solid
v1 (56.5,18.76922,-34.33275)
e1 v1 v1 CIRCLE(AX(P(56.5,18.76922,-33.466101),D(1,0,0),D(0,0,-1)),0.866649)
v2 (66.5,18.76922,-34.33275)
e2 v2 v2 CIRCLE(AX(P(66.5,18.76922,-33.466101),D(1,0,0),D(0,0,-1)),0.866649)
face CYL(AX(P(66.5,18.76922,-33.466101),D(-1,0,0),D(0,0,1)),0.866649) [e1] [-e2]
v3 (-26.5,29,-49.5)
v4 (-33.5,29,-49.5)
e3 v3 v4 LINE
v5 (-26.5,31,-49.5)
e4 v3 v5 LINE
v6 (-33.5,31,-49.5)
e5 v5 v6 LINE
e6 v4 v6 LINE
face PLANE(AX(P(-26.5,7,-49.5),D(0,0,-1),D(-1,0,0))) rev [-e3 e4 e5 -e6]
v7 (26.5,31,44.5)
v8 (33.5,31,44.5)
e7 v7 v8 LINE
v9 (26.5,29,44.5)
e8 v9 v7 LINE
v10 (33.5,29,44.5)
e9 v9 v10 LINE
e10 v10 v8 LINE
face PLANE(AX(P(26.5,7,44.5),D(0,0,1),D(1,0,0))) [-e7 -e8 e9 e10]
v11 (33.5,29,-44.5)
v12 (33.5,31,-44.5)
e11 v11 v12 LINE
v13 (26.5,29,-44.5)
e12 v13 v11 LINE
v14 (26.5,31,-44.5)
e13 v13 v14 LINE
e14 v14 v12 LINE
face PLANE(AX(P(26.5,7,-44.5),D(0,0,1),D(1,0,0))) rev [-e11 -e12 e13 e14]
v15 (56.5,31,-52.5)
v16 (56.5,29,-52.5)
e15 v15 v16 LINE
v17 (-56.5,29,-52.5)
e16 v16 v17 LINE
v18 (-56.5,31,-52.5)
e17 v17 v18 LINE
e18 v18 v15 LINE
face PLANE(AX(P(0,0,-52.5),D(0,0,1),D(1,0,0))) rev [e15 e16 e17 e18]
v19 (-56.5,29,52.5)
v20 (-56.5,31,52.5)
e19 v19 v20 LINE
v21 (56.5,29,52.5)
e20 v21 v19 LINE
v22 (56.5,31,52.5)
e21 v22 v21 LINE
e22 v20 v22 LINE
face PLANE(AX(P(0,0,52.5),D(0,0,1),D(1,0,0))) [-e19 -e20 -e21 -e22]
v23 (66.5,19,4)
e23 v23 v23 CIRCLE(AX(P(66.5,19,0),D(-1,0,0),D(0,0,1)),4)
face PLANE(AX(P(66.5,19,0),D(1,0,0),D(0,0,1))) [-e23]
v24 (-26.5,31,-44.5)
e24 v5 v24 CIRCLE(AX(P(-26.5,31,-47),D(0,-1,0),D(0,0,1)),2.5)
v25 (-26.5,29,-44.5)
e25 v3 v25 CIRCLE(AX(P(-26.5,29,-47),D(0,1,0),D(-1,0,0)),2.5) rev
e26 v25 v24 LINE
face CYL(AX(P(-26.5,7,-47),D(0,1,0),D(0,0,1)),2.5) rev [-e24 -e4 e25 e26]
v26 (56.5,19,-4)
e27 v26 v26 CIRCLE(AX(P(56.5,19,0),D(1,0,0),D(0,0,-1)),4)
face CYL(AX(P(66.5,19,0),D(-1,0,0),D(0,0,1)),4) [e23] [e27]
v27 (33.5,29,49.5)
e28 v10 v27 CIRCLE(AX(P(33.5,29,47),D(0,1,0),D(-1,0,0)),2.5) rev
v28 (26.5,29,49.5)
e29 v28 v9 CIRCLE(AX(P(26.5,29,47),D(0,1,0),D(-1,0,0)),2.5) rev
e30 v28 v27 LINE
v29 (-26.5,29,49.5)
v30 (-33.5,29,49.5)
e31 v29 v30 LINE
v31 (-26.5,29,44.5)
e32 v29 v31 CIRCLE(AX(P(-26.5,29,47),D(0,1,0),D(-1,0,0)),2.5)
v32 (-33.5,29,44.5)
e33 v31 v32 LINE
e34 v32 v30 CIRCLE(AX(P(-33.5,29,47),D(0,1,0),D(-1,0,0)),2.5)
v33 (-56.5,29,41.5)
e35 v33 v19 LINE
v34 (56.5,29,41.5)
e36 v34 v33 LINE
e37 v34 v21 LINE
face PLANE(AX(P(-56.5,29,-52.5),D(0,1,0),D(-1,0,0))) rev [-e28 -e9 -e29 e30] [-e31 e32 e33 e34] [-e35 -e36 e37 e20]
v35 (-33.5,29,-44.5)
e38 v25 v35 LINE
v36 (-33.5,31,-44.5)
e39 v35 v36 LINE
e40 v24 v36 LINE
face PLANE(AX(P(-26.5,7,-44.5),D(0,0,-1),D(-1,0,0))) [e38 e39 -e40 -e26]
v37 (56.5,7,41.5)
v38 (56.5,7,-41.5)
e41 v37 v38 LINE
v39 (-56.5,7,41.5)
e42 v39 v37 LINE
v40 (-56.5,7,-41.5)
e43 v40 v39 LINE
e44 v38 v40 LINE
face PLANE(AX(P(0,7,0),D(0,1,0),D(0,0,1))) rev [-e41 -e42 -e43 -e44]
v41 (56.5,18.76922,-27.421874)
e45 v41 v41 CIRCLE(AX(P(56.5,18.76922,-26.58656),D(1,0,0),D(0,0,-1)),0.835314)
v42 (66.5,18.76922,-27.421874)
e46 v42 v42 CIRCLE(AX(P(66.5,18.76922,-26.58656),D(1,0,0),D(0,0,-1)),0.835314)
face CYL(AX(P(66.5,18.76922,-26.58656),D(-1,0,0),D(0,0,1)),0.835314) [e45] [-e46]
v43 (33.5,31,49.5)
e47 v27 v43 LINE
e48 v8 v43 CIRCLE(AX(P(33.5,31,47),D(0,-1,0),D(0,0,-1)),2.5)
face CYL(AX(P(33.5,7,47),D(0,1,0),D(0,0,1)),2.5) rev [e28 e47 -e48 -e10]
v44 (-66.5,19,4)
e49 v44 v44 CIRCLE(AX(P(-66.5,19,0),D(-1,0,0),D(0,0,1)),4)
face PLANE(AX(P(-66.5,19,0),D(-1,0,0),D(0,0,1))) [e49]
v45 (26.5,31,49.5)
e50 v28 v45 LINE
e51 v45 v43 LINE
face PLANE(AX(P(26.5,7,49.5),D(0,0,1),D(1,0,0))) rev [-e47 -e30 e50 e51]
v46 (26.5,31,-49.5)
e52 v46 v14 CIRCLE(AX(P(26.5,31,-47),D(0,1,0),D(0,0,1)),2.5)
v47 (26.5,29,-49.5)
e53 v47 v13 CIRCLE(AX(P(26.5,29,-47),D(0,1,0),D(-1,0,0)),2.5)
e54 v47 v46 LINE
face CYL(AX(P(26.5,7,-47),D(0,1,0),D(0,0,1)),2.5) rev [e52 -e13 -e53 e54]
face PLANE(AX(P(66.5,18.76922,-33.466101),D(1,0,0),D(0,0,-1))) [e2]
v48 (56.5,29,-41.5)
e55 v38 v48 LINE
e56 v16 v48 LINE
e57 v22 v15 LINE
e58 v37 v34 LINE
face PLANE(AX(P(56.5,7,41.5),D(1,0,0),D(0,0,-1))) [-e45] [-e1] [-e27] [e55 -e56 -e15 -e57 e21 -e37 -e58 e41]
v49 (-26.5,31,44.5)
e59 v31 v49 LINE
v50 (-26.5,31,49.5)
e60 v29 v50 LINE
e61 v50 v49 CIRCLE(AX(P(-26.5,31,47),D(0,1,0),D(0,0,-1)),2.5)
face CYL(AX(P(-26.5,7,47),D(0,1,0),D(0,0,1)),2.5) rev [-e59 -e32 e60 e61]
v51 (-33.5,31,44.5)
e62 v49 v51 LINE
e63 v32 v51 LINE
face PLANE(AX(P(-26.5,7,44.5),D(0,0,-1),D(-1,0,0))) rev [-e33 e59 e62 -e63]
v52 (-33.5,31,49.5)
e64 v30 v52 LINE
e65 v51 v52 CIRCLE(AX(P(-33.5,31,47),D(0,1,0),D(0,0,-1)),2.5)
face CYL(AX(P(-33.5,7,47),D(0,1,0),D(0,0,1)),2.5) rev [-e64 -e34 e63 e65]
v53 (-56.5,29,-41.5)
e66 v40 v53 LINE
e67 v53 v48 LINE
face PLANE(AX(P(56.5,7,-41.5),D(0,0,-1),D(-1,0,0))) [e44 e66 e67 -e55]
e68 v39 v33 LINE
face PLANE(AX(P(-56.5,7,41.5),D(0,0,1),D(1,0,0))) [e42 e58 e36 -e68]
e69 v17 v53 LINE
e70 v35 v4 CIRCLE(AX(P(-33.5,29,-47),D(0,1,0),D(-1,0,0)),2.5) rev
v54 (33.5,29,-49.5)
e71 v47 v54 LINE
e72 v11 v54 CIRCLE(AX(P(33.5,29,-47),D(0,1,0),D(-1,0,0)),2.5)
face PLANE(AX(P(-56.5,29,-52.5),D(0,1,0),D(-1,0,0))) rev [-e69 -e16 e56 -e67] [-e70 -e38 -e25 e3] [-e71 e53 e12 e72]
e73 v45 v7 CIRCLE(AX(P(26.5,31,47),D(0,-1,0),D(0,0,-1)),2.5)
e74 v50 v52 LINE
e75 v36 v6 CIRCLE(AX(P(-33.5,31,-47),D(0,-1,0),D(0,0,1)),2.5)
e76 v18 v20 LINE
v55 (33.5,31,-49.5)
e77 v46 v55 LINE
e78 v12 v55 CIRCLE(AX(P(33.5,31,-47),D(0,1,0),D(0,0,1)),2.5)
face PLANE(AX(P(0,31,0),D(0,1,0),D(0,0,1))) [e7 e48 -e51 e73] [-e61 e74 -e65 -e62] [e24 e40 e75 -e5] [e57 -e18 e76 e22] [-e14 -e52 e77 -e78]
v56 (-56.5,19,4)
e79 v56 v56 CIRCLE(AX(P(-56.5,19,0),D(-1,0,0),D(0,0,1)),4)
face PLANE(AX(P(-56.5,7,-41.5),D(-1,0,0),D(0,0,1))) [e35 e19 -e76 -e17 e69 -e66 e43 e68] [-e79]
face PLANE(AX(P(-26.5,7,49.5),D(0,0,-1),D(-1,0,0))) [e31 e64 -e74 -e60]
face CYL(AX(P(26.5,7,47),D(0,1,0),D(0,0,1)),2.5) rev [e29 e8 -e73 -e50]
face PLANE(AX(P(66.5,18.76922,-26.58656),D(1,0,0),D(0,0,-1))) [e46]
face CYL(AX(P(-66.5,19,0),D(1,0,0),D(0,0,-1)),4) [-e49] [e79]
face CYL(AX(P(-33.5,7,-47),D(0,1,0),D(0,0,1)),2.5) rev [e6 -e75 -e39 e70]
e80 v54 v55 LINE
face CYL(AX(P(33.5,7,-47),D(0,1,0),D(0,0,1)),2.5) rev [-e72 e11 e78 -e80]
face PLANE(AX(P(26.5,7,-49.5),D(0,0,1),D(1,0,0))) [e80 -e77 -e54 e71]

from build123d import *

# Parameters (mm, degrees)
SKETCH_1_W            = 113
SKETCH_1_H            = 83
EXTRUDE_1_DEPTH       = 24
SKETCH_21_W           = 113
SKETCH_21_H           = 2
EXTRUDE_2_DEPTH       = 52.5
CUT_EXTRUDE_20_DEPTH  = 81.774377125
MIRROR_2_COPY_1_DEPTH = 81.774377125
MIRROR_2_COPY_2_DEPTH = 81.774377125
SKETCH_27_R           = 4
EXTRUDE_4_DEPTH       = 10
SKETCH_28_R           = 0.835314329
SKETCH_28_R_2         = 0.866649433
EXTRUDE_5_DEPTH       = 10


with BuildPart() as part:
    # 草圖1 → 填料-伸長1 (new body)
    with BuildSketch(Plane(origin=(0, 31, 0), x_dir=(1, 0, 0), z_dir=(0, 1, 0))):
        Rectangle(SKETCH_1_W, SKETCH_1_H)
    extrude(amount=-EXTRUDE_1_DEPTH)

    # 草圖21 → 填料-伸長2 (add, symmetric)
    with BuildSketch(Plane(origin=(0, 0, 0), x_dir=(-1, 0, 0), z_dir=(0, 0, -1))):
        with Locations((0, 30)):
            Rectangle(SKETCH_21_W, SKETCH_21_H)
    extrude(amount=EXTRUDE_2_DEPTH, both=True)

    # 草圖22 → 除料-伸長20 (cut, through all)
    with BuildSketch(Plane(origin=(0, 31, 0), x_dir=(-1, 0, 0), z_dir=(0, 1, 0))):
        with BuildLine():
            Line((-33.5, -49.5), (-26.5, -49.5))
            ThreePointArc((-26.5, -49.5), (-24, -47), (-26.5, -44.5))
            Line((-26.5, -44.5), (-33.5, -44.5))
            ThreePointArc((-33.5, -44.5), (-36, -47), (-33.5, -49.5))
        make_face()
    cut_extrude_20 = extrude(amount=-CUT_EXTRUDE_20_DEPTH, mode=Mode.SUBTRACT)

    # 鏡射1: 除料-伸長20 across plane
    add(cut_extrude_20.mirror(Plane(origin=(0, 0, 0), x_dir=(0, 0, 1), z_dir=(1, 0, 0))), mode=Mode.SUBTRACT)

    # 鏡射2 copy 1 sketch → 鏡射2 copy 1 (cut, through all)
    with BuildSketch(Plane(origin=(0, 31, 0), x_dir=(1, 0, 0), z_dir=(0, 1, 0))):
        with BuildLine():
            Line((-33.5, -49.5), (-26.5, -49.5))
            ThreePointArc((-26.5, -49.5), (-24, -47), (-26.5, -44.5))
            Line((-26.5, -44.5), (-33.5, -44.5))
            ThreePointArc((-33.5, -44.5), (-36, -47), (-33.5, -49.5))
        make_face()
    extrude(amount=-MIRROR_2_COPY_1_DEPTH, mode=Mode.SUBTRACT)

    # 鏡射2 copy 2 sketch → 鏡射2 copy 2 (cut, through all)
    with BuildSketch(Plane(origin=(0, 31, 0), x_dir=(-1, 0, 0), z_dir=(0, 1, 0))):
        with BuildLine():
            Line((-33.5, 49.5), (-26.5, 49.5))
            ThreePointArc((-26.5, 49.5), (-24, 47), (-26.5, 44.5))
            Line((-26.5, 44.5), (-33.5, 44.5))
            ThreePointArc((-33.5, 44.5), (-36, 47), (-33.5, 49.5))
        make_face()
    extrude(amount=-MIRROR_2_COPY_2_DEPTH, mode=Mode.SUBTRACT)

    # 草圖27 → 填料-伸長4 (add)
    with BuildSketch(Plane.ZY.offset(56.5)):
        with Locations((0, 19)):
            Circle(SKETCH_27_R)
    extrude_4 = extrude(amount=EXTRUDE_4_DEPTH)

    # 鏡射3: 填料-伸長4 across plane
    add(extrude_4.mirror(Plane(origin=(0, 0, 0), x_dir=(0, 0, 1), z_dir=(1, 0, 0))))

    # 草圖28 → 填料-伸長5 (add)
    with BuildSketch(Plane(origin=(56.5, 0, 0), x_dir=(0, 0, -1), z_dir=(1, 0, 0))):
        with Locations((26.586559597, 18.769220483)):
            Circle(SKETCH_28_R)
        with Locations((33.466100625, 18.769220483)):
            Circle(SKETCH_28_R_2)
    extrude(amount=EXTRUDE_5_DEPTH)


solid = part.part
